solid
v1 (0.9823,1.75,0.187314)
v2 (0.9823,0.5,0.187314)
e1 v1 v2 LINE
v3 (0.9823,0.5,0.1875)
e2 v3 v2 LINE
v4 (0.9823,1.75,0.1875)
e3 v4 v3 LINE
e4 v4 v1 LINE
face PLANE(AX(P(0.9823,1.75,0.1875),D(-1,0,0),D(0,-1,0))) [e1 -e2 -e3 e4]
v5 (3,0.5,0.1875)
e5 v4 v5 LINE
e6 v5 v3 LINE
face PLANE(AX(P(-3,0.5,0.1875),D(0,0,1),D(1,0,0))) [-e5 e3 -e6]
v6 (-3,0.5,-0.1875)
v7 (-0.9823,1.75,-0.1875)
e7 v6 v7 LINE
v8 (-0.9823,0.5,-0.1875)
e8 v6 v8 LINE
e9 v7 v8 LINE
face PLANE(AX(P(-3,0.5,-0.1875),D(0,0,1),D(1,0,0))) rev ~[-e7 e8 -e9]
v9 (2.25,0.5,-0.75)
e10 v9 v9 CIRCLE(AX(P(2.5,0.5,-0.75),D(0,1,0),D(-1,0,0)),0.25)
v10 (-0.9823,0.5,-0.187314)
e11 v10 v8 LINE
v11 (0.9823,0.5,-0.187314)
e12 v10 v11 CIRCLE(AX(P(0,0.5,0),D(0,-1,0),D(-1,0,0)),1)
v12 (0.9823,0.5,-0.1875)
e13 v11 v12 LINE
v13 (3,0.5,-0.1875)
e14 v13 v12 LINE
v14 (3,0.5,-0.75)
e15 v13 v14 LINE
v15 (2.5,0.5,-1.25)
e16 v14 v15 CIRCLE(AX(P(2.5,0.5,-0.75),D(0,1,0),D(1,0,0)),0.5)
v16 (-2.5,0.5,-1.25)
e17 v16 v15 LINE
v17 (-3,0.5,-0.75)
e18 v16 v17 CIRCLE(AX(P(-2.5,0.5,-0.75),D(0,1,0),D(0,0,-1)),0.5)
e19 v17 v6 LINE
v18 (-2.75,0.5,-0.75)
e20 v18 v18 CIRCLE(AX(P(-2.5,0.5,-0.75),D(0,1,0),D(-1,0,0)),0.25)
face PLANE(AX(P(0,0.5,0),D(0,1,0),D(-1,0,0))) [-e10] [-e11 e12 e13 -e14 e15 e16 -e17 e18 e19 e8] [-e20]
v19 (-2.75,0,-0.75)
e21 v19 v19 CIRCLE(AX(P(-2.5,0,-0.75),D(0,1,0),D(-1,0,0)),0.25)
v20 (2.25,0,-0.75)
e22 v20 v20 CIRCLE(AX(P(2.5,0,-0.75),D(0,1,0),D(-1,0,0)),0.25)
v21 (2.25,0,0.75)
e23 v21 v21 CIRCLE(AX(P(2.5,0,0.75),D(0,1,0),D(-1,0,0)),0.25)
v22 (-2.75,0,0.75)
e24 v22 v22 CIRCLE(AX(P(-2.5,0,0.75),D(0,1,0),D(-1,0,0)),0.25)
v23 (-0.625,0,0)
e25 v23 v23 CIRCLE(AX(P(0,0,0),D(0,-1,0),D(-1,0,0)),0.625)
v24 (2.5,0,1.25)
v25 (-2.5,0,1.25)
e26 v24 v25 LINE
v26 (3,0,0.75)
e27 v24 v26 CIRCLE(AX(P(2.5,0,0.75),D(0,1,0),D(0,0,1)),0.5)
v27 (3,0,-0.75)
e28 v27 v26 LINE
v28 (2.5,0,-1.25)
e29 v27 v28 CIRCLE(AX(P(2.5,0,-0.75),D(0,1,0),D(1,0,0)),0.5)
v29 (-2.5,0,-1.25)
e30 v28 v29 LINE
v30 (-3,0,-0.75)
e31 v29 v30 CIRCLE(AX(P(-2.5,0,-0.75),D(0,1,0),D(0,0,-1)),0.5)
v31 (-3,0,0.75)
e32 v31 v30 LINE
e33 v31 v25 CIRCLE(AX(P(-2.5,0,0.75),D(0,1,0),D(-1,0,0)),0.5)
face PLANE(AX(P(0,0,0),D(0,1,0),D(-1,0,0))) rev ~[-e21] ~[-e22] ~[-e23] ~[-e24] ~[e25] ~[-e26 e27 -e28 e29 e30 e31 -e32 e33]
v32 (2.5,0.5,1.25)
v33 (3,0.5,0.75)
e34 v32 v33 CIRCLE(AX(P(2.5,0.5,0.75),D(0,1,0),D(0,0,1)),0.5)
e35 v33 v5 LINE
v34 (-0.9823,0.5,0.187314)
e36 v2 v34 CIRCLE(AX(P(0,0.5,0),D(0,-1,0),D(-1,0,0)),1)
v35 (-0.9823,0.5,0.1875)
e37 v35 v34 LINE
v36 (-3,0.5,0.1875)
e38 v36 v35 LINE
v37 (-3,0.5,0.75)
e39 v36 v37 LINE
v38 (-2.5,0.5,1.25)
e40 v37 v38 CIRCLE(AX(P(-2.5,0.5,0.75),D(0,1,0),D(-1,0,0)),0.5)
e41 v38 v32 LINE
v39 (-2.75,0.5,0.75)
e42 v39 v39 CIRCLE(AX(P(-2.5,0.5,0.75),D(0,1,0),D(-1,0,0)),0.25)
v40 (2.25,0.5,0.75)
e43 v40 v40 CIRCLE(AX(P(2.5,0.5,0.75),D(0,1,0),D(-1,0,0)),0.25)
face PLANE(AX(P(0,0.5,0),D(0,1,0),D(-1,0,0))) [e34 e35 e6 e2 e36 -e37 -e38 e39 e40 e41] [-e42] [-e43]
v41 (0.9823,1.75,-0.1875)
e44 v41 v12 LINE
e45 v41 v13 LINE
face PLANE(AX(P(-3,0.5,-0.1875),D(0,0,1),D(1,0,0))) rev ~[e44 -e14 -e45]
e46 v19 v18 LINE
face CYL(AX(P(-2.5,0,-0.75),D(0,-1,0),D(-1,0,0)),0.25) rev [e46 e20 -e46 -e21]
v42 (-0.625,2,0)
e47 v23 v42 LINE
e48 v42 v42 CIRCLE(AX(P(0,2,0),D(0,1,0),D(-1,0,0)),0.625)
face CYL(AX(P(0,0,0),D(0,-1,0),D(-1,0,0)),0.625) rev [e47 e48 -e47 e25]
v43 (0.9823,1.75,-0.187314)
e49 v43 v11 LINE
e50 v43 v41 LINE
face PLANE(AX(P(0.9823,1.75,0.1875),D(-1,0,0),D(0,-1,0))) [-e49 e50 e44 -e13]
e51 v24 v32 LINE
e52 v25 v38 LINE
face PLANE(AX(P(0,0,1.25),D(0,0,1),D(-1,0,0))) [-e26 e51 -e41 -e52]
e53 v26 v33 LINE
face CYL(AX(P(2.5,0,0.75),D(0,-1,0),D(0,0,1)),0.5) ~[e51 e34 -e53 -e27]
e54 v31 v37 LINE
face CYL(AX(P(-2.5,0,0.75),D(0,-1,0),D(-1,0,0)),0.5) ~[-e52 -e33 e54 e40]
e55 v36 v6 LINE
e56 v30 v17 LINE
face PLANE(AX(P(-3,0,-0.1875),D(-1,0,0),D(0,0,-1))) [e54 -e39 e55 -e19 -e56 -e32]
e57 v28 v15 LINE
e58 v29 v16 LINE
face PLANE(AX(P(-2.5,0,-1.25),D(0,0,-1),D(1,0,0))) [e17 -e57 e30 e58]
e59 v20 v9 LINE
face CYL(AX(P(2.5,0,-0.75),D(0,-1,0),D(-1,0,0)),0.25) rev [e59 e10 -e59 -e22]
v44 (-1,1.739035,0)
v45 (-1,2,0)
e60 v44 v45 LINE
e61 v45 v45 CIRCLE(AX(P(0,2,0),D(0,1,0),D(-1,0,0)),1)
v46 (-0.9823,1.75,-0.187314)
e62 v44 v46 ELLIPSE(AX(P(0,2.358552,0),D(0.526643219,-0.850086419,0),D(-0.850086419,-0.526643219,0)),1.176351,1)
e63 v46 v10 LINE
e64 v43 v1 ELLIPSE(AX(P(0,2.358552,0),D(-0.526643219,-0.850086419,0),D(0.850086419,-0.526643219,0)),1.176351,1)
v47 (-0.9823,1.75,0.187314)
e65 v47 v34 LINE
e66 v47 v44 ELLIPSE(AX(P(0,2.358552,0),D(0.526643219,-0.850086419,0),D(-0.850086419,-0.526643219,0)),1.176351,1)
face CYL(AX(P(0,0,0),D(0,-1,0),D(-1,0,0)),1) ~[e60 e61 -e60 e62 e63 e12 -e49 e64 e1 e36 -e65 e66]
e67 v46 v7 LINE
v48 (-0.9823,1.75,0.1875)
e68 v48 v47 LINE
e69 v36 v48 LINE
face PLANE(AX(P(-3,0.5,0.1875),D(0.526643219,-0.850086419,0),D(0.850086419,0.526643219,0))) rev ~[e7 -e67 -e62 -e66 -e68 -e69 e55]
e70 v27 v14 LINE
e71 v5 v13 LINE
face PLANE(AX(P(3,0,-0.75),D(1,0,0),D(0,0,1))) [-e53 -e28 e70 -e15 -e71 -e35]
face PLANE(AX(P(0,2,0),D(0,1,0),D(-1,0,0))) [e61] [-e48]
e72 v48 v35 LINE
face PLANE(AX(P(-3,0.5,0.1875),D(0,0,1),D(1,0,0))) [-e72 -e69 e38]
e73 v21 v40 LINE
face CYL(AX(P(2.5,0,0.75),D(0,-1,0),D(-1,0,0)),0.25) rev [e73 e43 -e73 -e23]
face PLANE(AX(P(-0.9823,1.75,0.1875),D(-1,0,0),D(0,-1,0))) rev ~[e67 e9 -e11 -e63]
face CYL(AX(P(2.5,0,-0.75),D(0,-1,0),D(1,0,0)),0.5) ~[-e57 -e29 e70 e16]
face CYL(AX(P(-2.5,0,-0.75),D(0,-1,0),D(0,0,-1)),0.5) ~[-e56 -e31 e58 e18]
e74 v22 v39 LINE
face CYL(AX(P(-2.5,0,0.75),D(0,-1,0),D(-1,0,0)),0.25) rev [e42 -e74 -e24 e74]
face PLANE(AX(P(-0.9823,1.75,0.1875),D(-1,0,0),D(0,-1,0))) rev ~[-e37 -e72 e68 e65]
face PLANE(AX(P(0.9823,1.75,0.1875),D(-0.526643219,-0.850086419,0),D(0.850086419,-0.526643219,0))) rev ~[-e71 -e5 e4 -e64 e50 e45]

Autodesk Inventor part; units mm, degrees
ref_plane "YZ Plane" through (0, 0, 0) normal (1, 0, 0) x (0, 1, 0)
ref_plane "XZ Plane" through (0, 0, 0) normal (0, 1, 0) x (-1, 0, 0)
sketch "Sketch1" plane through (0, 0, 0) normal (0, 1, 0) x (-1, 0, 0)
  line L0 (2.5, -1.25) -> (-2.5, -1.25)
  line L1 (-3, -0.75) -> (-3, 0.75)
  line L2 (-2.5, 1.25) -> (2.5, 1.25)
  line L3 (3, 0.75) -> (3, -0.75)
  arc A0 (2.5, -1.25) -> (3, -0.75) centre (2.5, -0.75) ccw
  arc A1 (-3, -0.75) -> (-2.5, -1.25) centre (-2.5, -0.75) ccw
  arc A2 (-2.5, 1.25) -> (-3, 0.75) centre (-2.5, 0.75) ccw
  arc A3 (3, 0.75) -> (2.5, 1.25) centre (2.5, 0.75) ccw
  circle A4 centre (2.5, -0.75) radius 0.25
  circle A5 centre (-2.5, -0.75) radius 0.25
  circle A6 centre (-2.5, 0.75) radius 0.25
  circle A7 centre (2.5, 0.75) radius 0.25
  circle A8 centre (0, 0) radius 1
  circle A9 centre (0, 0) radius 0.625
  line L4 (0, -1.895) -> (0, 1.895) projected
  line L5 (4.345, 0) -> (-4.345, 0) projected
  line L6 (3, -0.1875) -> (0.9823, -0.1875)
  line L7 (3, 0.1875) -> (0.9823, 0.1875)
  line L8 (-3, -0.1875) -> (-0.9823, -0.1875)
  line L9 (-3, 0.1875) -> (-0.9823, 0.1875)
  point P0 (-2.5, 0.75)
  dimension "d9" = 2
  dimension "d0" = 0.75
  dimension "d1" = 0.75
  dimension "d2" = 2.5
  dimension "d3" = 2.5
  dimension "d4" = 0.5
  dimension "d5" = 0.5
  dimension "d6" = 0.5
  dimension "d7" = 0.5
  dimension "d8" = 0.5
  dimension "d10" = 1.25
  dimension "d11" = 0.375
extrude "Extrusion1" add sketch "Sketch1" along normal blind 0.5 contours L0 L4 A8 L6 L3 A0 | L0 A1 L1 L8 A8 L4 | L6 A8 L5 L3 | L8 L1 L5 A8 | L5 A8 L7 L3 | L5 L1 L9 A8 | L7 A8 L4 L2 A3 L3 | L9 L1 A2 L2 L4 A8
extrude "Extrusion2" add sketch "Sketch1" along normal blind 2 contours L4 A9 L5 A8 | A8 L5 A9 L4 | A8 L4 A9 L5 | L5 A9 L4 A8
sketch "Sketch2" plane through (0, 0.5, 0) normal (0, 1, 0) x (1, 0, 0)
  circle A0 centre (0, 0) radius 1 projected
  line L0 (3, -0.75) -> (3, 0.75) projected
  line L1 (-3, 0.75) -> (-3, -0.75) projected
  line L2 (-3, 0.1875) -> (-0.9823, 0.1875) projected
  line L3 (-3, -0.1875) -> (-0.9823, -0.1875) projected
  line L4 (3, -0.1875) -> (0.9823, -0.1875) projected
  line L5 (3, 0.1875) -> (0.9823, 0.1875) projected
ref_plane "Work Plane1" through (-3, 0.5, 0.1875) normal (0, 0, 1) x (1, 0, 0)
sketch "Sketch3" plane through (-3, 0.5, 0.1875) normal (0, 0, 1) x (1, 0, 0)
  line L0 (0, -0.5) -> (0, 0) projected
  line L1 (2.0177, 1.25) -> (2.0177, 0) projected
  line L2 (0, 0) -> (2.0177, 1.25)
  line L3 (4, 1.25) -> (3.9823, 1.25) projected
  line L4 (6, -0.5) -> (6, 0) projected
  line L5 (3.9823, 1.25) -> (6, 0)
  line L6 (0, 0) -> (2.0177, 0)
  line L7 (2.0177, 1.25) -> (2.0177, 0)
  line L8 (3.9823, 1.25) -> (3.9823, 0) projected
  line L9 (6, 0) -> (3.9823, 0) projected
  line L10 (3.9823, 1.25) -> (3.9823, 0)
  line L11 (6, 0) -> (6, 1.25) projected
  line L12 (3.9823, 0) -> (6, 0)
  point P0 (3, -0.5)
extrude "Extrusion4" add sketch "Sketch3" against normal blind 0.375
properties part number "7b"
